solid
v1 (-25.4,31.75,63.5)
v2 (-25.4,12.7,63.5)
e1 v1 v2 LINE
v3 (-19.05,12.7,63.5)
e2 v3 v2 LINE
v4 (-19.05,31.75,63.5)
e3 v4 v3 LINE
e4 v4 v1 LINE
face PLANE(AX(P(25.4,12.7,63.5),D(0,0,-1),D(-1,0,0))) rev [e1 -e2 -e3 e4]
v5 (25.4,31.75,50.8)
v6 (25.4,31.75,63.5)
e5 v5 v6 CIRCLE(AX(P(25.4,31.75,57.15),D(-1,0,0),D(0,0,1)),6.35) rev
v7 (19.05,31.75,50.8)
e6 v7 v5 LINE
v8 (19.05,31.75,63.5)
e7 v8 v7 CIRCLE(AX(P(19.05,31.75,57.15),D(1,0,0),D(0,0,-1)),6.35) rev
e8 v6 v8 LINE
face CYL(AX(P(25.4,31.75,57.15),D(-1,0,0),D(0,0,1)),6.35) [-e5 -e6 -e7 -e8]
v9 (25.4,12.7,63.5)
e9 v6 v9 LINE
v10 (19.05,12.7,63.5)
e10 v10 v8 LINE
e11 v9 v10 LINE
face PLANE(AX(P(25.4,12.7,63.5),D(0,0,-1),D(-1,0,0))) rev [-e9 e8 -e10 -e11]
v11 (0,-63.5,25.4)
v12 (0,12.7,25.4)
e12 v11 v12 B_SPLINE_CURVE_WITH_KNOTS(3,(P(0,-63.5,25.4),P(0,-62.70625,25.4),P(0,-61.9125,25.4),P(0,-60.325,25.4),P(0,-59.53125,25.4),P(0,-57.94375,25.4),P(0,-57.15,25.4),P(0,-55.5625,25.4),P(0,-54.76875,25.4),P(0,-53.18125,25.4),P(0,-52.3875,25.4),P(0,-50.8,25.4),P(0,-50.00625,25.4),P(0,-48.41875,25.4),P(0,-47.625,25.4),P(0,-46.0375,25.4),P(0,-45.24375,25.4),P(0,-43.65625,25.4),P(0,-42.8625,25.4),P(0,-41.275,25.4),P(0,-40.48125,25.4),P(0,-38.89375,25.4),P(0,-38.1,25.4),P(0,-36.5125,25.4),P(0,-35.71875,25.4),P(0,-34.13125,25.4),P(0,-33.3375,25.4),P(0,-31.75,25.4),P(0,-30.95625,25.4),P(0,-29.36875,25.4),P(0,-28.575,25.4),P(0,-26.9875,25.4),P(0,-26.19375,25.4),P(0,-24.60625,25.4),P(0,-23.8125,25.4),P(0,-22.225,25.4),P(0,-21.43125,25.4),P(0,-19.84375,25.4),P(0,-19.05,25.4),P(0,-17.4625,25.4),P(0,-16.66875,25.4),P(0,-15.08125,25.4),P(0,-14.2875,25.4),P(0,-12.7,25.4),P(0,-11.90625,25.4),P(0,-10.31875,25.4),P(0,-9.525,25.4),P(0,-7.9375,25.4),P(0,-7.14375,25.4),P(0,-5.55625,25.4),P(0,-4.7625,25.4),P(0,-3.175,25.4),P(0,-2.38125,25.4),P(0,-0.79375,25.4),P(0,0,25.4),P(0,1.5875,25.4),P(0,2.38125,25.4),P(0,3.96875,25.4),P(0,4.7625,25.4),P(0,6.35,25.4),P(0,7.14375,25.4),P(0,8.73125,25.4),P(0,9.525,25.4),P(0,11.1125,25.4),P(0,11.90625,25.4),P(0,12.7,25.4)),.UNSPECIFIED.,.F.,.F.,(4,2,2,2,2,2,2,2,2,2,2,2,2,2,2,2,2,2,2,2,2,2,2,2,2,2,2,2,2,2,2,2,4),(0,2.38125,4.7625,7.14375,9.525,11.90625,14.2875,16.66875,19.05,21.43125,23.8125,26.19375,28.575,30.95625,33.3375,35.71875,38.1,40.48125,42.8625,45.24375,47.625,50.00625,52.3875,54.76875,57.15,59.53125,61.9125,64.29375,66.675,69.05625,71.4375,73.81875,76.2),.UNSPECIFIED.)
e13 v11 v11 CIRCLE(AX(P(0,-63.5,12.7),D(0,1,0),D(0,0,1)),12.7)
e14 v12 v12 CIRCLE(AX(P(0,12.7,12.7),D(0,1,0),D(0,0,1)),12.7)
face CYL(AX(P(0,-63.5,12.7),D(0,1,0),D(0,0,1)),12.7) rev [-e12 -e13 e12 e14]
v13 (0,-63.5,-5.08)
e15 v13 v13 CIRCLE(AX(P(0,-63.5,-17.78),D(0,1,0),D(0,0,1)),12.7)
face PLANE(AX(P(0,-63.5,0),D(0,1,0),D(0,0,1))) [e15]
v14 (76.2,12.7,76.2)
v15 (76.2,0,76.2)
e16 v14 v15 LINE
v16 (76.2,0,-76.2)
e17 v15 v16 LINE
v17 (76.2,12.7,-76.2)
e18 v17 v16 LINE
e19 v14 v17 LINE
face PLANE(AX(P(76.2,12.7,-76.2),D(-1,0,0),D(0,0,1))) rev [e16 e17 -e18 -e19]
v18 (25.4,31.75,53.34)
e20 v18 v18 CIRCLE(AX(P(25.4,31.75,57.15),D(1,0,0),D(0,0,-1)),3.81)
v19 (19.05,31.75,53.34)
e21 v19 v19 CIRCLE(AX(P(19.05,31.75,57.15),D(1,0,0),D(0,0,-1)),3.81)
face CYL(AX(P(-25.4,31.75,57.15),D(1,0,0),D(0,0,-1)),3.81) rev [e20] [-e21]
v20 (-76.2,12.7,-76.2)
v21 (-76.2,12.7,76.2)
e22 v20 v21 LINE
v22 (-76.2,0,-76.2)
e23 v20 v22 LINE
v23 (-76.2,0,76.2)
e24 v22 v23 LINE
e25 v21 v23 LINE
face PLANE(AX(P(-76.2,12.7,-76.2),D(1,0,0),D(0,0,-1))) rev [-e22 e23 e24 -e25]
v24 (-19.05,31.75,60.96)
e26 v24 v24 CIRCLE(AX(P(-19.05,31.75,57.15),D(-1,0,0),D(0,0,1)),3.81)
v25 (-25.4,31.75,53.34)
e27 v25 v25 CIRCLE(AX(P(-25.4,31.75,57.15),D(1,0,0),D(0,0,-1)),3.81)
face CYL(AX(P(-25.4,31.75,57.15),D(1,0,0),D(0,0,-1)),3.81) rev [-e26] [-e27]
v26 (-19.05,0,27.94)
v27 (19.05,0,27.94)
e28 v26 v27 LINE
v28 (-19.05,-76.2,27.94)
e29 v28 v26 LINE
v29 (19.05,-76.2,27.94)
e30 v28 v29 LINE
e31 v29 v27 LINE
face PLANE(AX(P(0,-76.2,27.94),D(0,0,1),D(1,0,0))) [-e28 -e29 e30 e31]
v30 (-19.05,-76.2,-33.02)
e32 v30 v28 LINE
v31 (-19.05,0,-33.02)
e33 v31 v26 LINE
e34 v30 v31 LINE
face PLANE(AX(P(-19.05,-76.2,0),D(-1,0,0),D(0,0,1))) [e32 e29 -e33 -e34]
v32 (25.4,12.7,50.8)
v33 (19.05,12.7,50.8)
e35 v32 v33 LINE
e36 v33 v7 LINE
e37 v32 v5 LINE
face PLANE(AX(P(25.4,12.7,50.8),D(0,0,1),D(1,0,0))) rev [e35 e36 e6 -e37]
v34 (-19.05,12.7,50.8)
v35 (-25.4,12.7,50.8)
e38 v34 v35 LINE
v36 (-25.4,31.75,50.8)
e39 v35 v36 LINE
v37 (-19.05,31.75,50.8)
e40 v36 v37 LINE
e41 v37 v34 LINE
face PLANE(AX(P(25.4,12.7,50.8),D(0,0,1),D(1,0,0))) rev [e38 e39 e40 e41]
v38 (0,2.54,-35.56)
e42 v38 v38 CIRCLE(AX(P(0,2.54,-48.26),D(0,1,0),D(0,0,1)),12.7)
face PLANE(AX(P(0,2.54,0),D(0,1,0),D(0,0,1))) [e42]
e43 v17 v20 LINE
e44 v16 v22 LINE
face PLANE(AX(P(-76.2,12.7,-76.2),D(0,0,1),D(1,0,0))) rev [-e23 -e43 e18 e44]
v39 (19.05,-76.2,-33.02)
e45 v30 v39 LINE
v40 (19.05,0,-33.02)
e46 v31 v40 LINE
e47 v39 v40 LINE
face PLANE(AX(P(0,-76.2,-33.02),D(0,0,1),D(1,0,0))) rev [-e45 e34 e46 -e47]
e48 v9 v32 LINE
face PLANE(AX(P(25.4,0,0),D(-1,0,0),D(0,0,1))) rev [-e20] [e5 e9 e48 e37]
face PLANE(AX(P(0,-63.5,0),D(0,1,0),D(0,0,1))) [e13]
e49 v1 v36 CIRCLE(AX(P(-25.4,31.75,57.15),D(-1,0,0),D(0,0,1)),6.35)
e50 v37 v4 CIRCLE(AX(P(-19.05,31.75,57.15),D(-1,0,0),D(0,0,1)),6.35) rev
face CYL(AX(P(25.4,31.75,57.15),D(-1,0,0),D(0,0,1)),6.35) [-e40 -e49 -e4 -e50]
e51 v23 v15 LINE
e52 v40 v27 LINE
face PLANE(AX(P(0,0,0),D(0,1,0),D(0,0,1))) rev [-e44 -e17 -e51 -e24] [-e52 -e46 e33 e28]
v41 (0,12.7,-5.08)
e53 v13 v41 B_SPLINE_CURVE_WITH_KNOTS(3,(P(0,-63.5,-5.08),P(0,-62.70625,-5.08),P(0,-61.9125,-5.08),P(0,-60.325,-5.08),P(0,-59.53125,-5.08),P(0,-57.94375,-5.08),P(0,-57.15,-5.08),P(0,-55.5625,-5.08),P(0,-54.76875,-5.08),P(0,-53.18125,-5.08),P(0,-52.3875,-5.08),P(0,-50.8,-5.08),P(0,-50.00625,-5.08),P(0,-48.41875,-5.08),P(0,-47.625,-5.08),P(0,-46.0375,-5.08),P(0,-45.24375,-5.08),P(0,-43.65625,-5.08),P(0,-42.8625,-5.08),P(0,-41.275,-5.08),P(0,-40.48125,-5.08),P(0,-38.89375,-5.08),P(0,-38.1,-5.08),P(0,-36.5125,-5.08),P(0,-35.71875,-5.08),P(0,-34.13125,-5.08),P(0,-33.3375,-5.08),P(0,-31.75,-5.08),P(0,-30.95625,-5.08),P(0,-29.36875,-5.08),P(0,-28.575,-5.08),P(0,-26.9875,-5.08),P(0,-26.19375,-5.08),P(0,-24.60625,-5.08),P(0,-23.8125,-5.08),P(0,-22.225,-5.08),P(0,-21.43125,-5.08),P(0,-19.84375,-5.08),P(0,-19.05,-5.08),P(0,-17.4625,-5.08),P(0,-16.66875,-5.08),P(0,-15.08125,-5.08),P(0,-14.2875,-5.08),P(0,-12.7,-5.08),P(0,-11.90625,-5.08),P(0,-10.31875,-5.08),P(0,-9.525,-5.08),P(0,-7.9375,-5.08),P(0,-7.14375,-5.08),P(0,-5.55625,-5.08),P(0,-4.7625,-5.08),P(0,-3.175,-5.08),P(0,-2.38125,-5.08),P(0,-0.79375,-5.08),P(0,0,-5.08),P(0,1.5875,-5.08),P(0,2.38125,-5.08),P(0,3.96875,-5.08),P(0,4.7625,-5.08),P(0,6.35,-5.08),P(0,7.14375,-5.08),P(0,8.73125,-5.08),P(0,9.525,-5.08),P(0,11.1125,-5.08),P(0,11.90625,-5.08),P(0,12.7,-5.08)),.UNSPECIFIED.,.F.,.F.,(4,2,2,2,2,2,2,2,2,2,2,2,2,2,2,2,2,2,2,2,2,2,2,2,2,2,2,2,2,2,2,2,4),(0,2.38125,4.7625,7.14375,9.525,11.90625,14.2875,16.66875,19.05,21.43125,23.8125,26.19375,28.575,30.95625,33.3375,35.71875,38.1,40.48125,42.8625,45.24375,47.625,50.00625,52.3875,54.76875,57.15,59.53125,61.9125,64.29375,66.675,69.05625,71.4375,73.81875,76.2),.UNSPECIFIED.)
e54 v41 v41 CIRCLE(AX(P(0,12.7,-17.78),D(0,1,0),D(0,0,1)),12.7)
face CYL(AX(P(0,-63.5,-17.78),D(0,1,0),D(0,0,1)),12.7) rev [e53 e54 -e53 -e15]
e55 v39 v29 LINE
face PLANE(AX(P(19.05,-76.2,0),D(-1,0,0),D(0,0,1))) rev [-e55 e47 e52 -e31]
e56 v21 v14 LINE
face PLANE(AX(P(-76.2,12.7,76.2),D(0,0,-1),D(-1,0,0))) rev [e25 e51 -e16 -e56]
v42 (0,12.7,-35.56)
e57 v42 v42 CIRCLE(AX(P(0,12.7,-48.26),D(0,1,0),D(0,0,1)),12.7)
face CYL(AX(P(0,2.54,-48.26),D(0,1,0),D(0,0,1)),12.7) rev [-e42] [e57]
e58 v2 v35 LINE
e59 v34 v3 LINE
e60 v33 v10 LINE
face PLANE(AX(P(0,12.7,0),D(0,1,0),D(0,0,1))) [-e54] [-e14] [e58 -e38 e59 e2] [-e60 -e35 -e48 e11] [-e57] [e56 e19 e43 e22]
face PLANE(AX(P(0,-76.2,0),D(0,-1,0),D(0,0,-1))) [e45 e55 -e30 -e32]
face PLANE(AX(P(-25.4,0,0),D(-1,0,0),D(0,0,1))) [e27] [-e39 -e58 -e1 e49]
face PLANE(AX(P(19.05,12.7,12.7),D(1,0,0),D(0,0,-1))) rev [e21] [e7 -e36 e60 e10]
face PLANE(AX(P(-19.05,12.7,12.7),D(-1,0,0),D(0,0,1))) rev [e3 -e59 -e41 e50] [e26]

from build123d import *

# Parameters (mm, degrees)
SKETCH1_W           = 152.4
SKETCH1_H           = 152.4
BOSS_EXTRUDE1_DEPTH = 12.7
SKETCH2_W           = 12.7
SKETCH2_H           = 25.4
BOSS_EXTRUDE2_DEPTH = 25.4
FILLET1_RADIUS      = 6.35
FILLET1_LENGTH      = 50.8
SKETCH3_W           = 38.1
SKETCH3_H           = 35.536125939
CUT_EXTRUDE1_DEPTH  = 50.8
SKETCH4_R           = 3.81
CUT_EXTRUDE2_DEPTH  = 50.8
SKETCH11_W          = 19.05
SKETCH11_H          = 30.48
BOSS_EXTRUDE6_DEPTH = 76.2
SKETCH14_R          = 12.7
CUT_EXTRUDE3_DEPTH  = 76.2
SKETCH14_3_R        = 12.7
CUT_EXTRUDE4_DEPTH  = 10.16


with BuildPart() as part:
    # Sketch1 → Boss-Extrude1 (new body)
    with BuildSketch(Plane(origin=(0, 0, 0), x_dir=(1, 0, 0), z_dir=(0, 1, 0))):
        Rectangle(SKETCH1_W, SKETCH1_H)
    extrude(amount=BOSS_EXTRUDE1_DEPTH)

    # Sketch2 → Boss-Extrude2 (add, symmetric)
    with BuildSketch(Plane(origin=(0, 0, 0), x_dir=(0, 0, -1), z_dir=(1, 0, 0))):
        with Locations((-57.15, 25.4)):
            Rectangle(SKETCH2_W, SKETCH2_H)
    extrude(amount=BOSS_EXTRUDE2_DEPTH, both=True)

    # Fillet1: full round fillet: the end face becomes a half cylinder, R = half its width
    fillet1_face = Plane((0, 38.1, 57.15), x_dir=(1, 0, 0), z_dir=(0, 1, 0))  # on the end face: x along it, z out of the body
    fillet1_slab = fillet1_face.offset(-FILLET1_RADIUS / 2) * Box(FILLET1_LENGTH, 2 * FILLET1_RADIUS, FILLET1_RADIUS, mode=Mode.PRIVATE)  # the body's end, R deep
    fillet1_round = Plane((0, 31.75, 57.15), x_dir=(0, 1, 0), z_dir=(1, 0, 0)) * Cylinder(FILLET1_RADIUS, FILLET1_LENGTH, mode=Mode.PRIVATE)  # its axis R under the face
    add(fillet1_slab - fillet1_round, mode=Mode.SUBTRACT)

    # Sketch3 → Cut-Extrude1 (cut)
    with BuildSketch(Plane.XY.offset(63.5)):
        with Locations((0, 30.46806297)):
            Rectangle(SKETCH3_W, SKETCH3_H)
    extrude(amount=-CUT_EXTRUDE1_DEPTH, mode=Mode.SUBTRACT)

    # Sketch4 → Cut-Extrude2 (cut)
    with BuildSketch(Plane(origin=(25.4, 0, 0), x_dir=(0, 0, -1), z_dir=(1, 0, 0))):
        with Locations((-57.15, 31.75)):
            Circle(SKETCH4_R)
    extrude(amount=-CUT_EXTRUDE2_DEPTH, mode=Mode.SUBTRACT)

    # Sketch11 → Boss-Extrude6 (add)
    with BuildSketch(Plane.XZ):
        with Locations((-9.525, -17.78)):
            Rectangle(SKETCH11_W, SKETCH11_H)
        with Locations((9.525, -17.78)):
            Rectangle(SKETCH11_W, SKETCH11_H)
        with Locations((9.525, 12.7)):
            Rectangle(SKETCH11_W, SKETCH11_H)
        with Locations((-9.525, 12.7)):
            Rectangle(SKETCH11_W, SKETCH11_H)
    extrude(amount=BOSS_EXTRUDE6_DEPTH)

    # Sketch14 → Cut-Extrude3 (cut)
    with BuildSketch(Plane(origin=(0, 12.7, 0), x_dir=(1, 0, 0), z_dir=(0, 1, 0))):
        with Locations(Location((0, 17.78, 0), (0, 0, 270))):
            Circle(SKETCH14_R)
        with Locations(Location((0, -12.7, 0), (0, 0, 270))):
            Circle(SKETCH14_R)
    extrude(amount=-CUT_EXTRUDE3_DEPTH, mode=Mode.SUBTRACT)

    # Sketch14<3> → Cut-Extrude4 (cut)
    with BuildSketch(Plane(origin=(0, 12.7, 0), x_dir=(1, 0, 0), z_dir=(0, 1, 0))):
        with Locations(Location((0, 48.26, 0), (0, 0, 270))):
            Circle(SKETCH14_3_R)
    extrude(amount=-CUT_EXTRUDE4_DEPTH, mode=Mode.SUBTRACT)


solid = part.part
